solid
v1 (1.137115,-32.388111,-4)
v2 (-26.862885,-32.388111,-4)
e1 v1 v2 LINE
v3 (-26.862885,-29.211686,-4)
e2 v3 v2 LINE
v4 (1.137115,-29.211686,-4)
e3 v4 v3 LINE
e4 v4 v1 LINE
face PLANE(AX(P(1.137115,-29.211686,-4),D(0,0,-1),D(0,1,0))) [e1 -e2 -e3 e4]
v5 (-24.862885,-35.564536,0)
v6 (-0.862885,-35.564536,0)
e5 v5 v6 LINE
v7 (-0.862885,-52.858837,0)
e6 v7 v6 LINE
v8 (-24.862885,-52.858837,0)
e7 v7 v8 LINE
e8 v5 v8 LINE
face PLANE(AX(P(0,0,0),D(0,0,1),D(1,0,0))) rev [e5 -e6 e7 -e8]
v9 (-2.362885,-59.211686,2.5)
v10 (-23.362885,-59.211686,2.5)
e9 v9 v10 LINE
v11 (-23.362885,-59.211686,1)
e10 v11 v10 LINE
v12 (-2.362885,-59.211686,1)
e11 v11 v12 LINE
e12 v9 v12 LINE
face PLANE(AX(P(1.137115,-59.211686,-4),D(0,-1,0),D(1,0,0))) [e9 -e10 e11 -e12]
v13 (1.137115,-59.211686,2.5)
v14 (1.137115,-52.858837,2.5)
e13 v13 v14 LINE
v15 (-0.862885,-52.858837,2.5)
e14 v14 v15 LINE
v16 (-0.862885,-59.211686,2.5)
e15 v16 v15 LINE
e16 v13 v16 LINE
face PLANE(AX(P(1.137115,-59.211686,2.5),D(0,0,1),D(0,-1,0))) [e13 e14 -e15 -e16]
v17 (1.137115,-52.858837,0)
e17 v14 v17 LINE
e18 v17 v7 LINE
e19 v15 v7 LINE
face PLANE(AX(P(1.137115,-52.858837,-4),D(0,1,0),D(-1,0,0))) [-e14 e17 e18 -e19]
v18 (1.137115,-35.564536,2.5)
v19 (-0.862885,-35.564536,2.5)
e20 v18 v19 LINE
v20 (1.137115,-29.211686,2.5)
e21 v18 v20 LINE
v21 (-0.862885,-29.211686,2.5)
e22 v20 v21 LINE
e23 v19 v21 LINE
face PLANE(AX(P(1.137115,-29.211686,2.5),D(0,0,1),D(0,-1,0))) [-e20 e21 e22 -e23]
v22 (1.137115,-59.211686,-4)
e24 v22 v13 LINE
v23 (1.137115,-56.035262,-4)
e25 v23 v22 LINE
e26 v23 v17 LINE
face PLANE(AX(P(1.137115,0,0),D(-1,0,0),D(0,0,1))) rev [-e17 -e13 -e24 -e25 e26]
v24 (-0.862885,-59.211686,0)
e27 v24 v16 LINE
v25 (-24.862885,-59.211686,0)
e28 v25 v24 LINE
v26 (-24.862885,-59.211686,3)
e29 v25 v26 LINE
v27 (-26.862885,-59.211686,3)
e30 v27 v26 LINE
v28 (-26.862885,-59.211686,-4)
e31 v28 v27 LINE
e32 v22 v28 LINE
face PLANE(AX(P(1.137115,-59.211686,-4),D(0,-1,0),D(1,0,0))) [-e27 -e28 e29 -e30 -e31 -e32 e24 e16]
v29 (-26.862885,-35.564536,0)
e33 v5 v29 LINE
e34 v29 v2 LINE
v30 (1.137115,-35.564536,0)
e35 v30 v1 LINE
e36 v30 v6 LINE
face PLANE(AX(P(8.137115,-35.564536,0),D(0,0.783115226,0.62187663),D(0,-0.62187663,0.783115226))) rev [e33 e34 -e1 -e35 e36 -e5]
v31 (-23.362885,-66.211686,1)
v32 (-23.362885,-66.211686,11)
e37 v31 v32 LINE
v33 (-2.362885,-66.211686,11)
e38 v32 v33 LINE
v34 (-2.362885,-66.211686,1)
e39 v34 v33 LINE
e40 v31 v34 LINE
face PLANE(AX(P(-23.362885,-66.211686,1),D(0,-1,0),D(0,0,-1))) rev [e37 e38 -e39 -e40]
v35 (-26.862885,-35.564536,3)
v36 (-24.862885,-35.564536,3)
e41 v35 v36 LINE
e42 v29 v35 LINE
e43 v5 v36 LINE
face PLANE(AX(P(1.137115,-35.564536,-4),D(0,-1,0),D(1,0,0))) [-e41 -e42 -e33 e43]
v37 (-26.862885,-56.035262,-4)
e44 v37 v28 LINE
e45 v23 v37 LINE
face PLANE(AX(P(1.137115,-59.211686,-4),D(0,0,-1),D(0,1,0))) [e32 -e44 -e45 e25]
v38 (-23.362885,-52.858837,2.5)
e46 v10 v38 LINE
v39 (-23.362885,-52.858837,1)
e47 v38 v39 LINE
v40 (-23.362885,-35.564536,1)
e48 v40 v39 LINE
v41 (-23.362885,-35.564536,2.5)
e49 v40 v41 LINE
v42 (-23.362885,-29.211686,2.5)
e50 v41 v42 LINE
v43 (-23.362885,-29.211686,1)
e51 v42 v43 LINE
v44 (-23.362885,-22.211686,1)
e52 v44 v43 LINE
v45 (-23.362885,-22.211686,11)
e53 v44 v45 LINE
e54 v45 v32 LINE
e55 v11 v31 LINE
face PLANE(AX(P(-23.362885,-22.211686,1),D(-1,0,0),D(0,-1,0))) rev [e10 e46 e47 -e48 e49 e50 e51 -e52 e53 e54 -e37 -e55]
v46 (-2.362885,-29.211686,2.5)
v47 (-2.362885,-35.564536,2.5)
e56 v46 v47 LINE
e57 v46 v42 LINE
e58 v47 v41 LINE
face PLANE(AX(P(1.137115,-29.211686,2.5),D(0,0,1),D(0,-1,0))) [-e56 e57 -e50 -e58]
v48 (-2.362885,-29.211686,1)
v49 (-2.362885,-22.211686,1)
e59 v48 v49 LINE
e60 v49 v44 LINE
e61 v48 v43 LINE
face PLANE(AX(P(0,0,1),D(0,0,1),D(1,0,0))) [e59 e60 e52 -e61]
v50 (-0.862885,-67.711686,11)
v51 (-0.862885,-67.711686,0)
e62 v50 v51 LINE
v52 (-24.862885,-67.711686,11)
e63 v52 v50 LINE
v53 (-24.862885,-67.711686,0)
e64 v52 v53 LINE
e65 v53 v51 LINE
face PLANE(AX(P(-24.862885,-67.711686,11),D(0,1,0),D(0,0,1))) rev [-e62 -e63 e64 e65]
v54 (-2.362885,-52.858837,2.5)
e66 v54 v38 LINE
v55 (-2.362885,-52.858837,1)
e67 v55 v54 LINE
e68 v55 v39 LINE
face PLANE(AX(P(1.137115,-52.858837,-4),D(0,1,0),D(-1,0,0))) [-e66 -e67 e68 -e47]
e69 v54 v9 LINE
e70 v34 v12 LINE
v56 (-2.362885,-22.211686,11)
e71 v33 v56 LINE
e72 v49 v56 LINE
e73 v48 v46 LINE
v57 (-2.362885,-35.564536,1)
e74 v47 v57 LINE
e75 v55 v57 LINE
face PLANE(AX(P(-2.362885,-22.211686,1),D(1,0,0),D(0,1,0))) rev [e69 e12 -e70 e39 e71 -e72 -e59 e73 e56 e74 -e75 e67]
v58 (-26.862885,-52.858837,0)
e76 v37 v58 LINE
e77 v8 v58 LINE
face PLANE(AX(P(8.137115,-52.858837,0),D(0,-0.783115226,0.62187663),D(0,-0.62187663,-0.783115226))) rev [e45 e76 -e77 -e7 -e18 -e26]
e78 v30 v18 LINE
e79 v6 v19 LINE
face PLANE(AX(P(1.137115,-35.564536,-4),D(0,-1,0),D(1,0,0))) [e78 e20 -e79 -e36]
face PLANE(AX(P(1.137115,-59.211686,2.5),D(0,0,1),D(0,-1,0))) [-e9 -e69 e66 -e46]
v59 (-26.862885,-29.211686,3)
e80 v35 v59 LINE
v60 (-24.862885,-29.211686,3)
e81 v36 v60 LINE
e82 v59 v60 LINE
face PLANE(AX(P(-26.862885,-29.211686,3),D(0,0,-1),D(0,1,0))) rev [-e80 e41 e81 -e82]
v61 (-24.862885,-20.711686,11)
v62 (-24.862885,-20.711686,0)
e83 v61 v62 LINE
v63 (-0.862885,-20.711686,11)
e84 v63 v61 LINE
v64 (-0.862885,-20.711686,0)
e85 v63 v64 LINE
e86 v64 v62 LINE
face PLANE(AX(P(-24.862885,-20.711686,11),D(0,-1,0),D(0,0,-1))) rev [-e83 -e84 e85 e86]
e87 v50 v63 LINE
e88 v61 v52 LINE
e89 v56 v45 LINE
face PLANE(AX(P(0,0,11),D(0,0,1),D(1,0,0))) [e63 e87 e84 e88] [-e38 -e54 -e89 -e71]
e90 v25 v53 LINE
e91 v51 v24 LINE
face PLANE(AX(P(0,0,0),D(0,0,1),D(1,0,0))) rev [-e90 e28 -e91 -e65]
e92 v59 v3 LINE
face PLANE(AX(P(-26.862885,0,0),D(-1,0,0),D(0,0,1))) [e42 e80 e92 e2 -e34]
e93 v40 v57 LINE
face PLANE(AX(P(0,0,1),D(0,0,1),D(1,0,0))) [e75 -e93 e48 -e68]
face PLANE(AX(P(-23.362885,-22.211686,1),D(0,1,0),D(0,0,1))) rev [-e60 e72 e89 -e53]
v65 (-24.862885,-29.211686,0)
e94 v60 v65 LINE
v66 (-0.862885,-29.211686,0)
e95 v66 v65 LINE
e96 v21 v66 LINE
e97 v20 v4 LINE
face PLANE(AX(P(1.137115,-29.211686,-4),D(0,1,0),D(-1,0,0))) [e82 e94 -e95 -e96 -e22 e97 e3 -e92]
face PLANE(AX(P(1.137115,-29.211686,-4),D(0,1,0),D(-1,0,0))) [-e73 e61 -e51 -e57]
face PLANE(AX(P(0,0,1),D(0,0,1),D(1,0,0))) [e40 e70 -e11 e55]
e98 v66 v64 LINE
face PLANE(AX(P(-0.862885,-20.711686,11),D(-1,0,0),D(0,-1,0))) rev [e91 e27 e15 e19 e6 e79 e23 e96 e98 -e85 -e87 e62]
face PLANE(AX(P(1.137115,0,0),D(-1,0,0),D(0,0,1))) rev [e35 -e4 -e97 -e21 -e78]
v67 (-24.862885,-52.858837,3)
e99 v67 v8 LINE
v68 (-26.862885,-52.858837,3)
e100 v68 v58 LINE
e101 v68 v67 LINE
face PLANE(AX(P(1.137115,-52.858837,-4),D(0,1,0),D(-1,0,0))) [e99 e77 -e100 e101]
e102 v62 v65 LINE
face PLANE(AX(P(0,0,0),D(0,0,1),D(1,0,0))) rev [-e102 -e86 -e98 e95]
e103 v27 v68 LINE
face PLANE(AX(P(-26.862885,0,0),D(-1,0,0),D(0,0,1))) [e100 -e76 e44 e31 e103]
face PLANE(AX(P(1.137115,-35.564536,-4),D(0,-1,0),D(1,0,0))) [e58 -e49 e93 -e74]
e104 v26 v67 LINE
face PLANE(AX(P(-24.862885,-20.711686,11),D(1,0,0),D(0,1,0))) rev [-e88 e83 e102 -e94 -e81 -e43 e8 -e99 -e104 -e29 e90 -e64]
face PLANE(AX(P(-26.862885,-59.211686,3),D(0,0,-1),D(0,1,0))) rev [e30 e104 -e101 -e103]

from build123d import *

# Parameters (mm, degrees)
SKETCH_1_W          = 24
SKETCH_1_H          = 47
EXTRUDE_1_DEPTH     = 11
SKETCH_2_W          = 21
SKETCH_2_H          = 44
CUT_EXTRUDE_1_DEPTH = 10
SKETCH_3_W          = 6.5
SKETCH_3_H          = 6.352849337
EXTRUDE_2_DEPTH     = 26
SKETCH_4_W          = 7
SKETCH_4_H          = 6.352849337
EXTRUDE_3_DEPTH     = 2
CUT_EXTRUDE_2_DEPTH = 35


with BuildPart() as part:
    # 草图1 → 凸台-拉伸1 (new body)
    with BuildSketch(Plane.XY):
        with Locations((-12.862884841, -44.211686375)):
            Rectangle(SKETCH_1_W, SKETCH_1_H)
    extrude(amount=EXTRUDE_1_DEPTH)

    # 草图2 → 切除-拉伸1 (cut)
    with BuildSketch(Plane.XY.offset(11)):
        with Locations((-12.862884841, -44.211686375)):
            Rectangle(SKETCH_2_W, SKETCH_2_H)
    extrude(amount=-CUT_EXTRUDE_1_DEPTH, mode=Mode.SUBTRACT)

    # 草图3 → 凸台-拉伸2 (add)
    with BuildSketch(Plane.ZY.offset(24.862884841)):
        with Locations((-0.75, -32.388111044)):
            Rectangle(SKETCH_3_W, SKETCH_3_H)
        with Locations((-0.75, -56.035261707)):
            Rectangle(SKETCH_3_W, SKETCH_3_H)
    extrude(amount=-EXTRUDE_2_DEPTH)

    # 草图4 → 凸台-拉伸3 (add)
    with BuildSketch(Plane.ZY.offset(24.862884841)):
        with Locations((-0.5, -32.388111044)):
            Rectangle(SKETCH_4_W, SKETCH_4_H)
        with Locations((-0.5, -56.035261707)):
            Rectangle(SKETCH_4_W, SKETCH_4_H)
    extrude(amount=EXTRUDE_3_DEPTH)

    # 草图6 → 切除-拉伸2 (cut)
    with BuildSketch(Plane.ZY.offset(26.862884841)):
        Polygon((0, -35.564535712), (-4, -32.388111043), (-4, -35.564535712), align=None)
        Polygon((0, -52.858837038), (-4, -56.035261706), (-4, -52.858837038), align=None)
    extrude(amount=-CUT_EXTRUDE_2_DEPTH, mode=Mode.SUBTRACT)


solid = part.part
